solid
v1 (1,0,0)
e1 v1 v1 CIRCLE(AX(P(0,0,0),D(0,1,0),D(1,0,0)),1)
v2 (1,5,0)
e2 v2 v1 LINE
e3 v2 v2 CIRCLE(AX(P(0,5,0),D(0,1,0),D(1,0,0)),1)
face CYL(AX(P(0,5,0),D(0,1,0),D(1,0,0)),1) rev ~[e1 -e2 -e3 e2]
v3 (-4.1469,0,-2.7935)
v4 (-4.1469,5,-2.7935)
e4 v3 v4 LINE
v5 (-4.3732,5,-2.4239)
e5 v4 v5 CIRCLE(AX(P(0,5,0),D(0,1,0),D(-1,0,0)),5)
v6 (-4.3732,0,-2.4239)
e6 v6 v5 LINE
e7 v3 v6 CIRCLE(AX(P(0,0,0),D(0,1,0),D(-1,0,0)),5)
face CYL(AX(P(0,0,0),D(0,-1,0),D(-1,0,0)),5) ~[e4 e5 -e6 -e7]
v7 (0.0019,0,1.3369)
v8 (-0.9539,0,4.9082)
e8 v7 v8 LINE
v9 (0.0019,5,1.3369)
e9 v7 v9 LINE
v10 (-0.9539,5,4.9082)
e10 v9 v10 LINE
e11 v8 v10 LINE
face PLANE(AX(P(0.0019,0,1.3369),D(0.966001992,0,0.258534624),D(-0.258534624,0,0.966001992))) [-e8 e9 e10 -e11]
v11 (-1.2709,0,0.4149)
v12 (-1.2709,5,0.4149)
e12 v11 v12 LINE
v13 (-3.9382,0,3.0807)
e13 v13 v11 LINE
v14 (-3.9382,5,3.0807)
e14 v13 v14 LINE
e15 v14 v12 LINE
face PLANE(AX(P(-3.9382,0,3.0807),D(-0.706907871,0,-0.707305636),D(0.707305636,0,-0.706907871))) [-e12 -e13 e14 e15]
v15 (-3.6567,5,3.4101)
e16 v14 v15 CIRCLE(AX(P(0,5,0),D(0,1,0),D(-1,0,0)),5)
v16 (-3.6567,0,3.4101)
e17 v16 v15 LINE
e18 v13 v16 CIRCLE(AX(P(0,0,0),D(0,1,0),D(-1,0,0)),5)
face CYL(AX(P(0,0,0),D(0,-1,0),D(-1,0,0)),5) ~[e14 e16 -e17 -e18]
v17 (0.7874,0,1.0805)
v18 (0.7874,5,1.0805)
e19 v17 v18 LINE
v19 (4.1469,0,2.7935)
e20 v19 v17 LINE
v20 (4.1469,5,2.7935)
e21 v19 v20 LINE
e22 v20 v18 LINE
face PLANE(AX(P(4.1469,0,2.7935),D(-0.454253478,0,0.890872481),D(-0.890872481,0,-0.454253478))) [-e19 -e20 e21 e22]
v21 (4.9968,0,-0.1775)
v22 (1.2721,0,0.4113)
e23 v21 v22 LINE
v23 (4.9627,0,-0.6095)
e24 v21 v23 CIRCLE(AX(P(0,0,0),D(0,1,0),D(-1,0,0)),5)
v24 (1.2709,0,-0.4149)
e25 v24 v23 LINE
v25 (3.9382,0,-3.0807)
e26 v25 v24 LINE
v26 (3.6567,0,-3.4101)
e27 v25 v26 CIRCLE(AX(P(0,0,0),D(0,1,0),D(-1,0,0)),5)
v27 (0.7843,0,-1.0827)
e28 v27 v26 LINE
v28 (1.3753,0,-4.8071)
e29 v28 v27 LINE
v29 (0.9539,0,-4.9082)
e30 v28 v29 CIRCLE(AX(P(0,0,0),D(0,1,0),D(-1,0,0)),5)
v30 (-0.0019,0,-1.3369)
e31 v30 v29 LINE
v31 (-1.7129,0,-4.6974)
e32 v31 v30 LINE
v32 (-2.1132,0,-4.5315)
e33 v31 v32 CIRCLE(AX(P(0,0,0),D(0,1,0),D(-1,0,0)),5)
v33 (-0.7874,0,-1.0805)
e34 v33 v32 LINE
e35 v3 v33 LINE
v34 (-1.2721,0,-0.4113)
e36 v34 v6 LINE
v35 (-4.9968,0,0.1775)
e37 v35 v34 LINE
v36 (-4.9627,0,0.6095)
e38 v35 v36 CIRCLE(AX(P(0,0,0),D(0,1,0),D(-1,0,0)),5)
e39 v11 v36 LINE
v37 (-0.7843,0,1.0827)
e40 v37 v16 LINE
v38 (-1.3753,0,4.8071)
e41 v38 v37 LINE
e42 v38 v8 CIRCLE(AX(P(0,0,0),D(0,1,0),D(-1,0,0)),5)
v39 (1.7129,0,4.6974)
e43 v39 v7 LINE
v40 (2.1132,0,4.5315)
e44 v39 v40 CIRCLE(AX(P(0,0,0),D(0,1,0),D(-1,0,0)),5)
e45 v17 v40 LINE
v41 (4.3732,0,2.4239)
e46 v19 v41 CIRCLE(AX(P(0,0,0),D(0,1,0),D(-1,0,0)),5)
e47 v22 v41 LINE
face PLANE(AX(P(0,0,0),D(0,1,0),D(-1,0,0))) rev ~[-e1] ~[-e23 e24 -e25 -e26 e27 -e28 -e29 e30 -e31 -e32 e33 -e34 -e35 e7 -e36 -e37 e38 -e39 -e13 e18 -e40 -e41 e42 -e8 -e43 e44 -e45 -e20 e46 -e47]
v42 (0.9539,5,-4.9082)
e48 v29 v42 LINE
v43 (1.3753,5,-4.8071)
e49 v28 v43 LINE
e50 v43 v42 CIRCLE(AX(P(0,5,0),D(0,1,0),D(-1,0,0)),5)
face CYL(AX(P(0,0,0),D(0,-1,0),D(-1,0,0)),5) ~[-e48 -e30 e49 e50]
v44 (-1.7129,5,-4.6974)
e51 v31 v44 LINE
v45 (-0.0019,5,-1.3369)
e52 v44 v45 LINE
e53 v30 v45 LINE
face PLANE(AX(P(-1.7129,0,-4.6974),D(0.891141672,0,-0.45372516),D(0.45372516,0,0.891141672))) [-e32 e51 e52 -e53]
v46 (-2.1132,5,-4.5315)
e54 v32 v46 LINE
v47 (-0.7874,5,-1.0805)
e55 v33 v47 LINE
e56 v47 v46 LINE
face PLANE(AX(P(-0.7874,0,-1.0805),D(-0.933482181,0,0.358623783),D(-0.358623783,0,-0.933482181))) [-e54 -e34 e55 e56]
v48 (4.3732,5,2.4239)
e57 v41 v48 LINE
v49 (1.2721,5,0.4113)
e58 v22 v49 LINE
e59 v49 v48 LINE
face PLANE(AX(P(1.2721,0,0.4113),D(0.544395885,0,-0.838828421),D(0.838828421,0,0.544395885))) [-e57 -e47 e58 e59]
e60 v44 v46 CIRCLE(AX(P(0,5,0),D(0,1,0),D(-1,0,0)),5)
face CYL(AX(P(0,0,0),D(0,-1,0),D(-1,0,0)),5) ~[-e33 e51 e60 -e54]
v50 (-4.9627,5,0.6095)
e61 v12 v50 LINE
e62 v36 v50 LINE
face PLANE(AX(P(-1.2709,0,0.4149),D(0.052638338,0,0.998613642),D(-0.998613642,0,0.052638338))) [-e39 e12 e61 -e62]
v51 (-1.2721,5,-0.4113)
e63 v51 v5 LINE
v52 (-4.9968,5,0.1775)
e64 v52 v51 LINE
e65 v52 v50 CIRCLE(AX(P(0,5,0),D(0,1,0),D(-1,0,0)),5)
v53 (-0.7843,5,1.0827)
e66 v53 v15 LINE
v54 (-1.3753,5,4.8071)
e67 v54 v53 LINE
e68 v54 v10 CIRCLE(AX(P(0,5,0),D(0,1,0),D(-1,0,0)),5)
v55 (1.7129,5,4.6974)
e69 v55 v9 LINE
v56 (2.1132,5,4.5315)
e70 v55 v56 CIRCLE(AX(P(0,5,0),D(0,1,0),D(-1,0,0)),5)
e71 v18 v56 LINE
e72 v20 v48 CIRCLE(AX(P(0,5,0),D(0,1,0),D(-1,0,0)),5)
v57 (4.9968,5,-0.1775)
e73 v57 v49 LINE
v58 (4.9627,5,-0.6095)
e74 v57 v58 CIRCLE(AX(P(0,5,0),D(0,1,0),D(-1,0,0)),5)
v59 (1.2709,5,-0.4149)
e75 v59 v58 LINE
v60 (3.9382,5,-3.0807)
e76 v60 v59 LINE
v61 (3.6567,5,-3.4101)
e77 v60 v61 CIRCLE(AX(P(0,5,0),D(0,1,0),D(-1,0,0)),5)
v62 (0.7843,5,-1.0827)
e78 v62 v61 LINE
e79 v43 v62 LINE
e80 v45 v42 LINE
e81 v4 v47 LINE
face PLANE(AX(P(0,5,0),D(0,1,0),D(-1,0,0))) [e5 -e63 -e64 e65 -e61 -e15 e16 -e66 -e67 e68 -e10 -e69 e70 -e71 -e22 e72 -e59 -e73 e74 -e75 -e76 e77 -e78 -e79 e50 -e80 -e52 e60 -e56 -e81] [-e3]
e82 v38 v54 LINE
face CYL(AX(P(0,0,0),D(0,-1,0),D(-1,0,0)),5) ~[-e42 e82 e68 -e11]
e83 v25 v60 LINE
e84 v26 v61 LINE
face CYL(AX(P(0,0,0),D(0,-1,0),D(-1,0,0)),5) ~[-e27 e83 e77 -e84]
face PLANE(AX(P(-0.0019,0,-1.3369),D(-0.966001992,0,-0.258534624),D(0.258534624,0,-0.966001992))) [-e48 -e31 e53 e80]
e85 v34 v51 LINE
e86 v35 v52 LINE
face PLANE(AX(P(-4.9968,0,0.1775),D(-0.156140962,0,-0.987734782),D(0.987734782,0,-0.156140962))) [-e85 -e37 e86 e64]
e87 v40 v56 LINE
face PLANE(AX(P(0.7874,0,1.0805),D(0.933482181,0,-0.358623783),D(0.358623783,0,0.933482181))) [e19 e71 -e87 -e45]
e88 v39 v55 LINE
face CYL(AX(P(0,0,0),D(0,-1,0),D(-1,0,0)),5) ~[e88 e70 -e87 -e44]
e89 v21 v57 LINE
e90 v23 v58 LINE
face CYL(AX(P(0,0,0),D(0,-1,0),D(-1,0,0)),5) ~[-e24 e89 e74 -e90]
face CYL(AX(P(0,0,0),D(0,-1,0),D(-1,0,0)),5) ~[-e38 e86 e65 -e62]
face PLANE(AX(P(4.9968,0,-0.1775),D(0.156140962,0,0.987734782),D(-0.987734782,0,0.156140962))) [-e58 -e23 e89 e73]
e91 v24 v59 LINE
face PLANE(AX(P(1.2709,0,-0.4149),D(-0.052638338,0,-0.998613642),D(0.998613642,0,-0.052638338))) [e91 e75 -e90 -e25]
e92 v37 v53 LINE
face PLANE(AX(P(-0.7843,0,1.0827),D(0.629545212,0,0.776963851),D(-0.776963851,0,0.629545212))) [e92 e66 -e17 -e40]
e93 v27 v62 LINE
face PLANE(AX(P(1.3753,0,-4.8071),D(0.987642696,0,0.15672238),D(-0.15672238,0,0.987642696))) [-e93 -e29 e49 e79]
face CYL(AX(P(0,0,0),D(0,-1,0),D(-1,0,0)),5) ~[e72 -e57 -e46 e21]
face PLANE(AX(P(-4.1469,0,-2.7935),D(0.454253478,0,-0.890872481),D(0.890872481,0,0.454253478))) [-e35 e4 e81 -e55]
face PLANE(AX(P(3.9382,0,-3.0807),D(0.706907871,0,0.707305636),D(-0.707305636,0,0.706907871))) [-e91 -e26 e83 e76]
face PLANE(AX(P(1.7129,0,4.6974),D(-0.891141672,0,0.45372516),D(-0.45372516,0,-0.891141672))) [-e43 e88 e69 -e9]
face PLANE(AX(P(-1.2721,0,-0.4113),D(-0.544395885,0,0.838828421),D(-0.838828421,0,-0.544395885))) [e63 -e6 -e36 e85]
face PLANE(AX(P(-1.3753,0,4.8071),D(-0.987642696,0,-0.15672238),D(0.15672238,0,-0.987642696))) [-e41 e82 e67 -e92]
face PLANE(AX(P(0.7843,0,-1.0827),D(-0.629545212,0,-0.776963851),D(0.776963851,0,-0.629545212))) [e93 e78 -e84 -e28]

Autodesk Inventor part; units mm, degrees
ref_plane "YZ Plane" through (0, 0, 0) normal (1, 0, 0) x (0, 1, 0)
ref_plane "XZ Plane" through (0, 0, 0) normal (0, 1, 0) x (-1, 0, 0)
ref_plane "XY Plane" through (0, 0, 0) normal (0, 0, 1) x (1, 0, 0)
sketch "Sketch1" plane through (0, 0, 0) normal (0, 1, 0) x (-1, 0, 0)
  circle A0 centre (0, 0) radius 5
  line L0 (1.7129, -4.6974) -> (0.0019, -1.3369)
  line L1 (0.0019, -1.3369) -> (-0.9539, -4.9082)
  line L2 (4.1469, -2.7935) -> (0.7874, -1.0805)
  line L3 (0.7874, -1.0805) -> (2.1132, -4.5315)
  line L4 (4.9968, 0.1775) -> (1.2721, -0.4113)
  line L5 (1.2721, -0.4113) -> (4.3732, -2.4239)
  line L6 (3.9382, 3.0807) -> (1.2709, 0.4149)
  line L7 (1.2709, 0.4149) -> (4.9627, 0.6095)
  line L8 (1.3753, 4.8071) -> (0.7843, 1.0827)
  line L9 (0.7843, 1.0827) -> (3.6567, 3.4101)
  line L10 (-1.7129, 4.6974) -> (-0.0019, 1.3369)
  line L11 (-0.0019, 1.3369) -> (0.9539, 4.9082)
  line L12 (-4.1469, 2.7935) -> (-0.7874, 1.0805)
  line L13 (-0.7874, 1.0805) -> (-2.1132, 4.5315)
  line L14 (-4.9968, -0.1775) -> (-1.2721, 0.4113)
  line L15 (-1.2721, 0.4113) -> (-4.3732, 2.4239)
  line L16 (-3.9382, -3.0807) -> (-1.2709, -0.4149)
  line L17 (-1.2709, -0.4149) -> (-4.9627, -0.6095)
  line L18 (-1.3753, -4.8071) -> (-0.7843, -1.0827)
  line L19 (-0.7843, -1.0827) -> (-3.6567, -3.4101)
  dimension "d0" = 10
  dimension "d3" = 360
extrude "Extrusion1" add sketch "Sketch1" along normal blind 5 contours L4 L5 A0 L2 L3 L0 L1 L18 L19 L16 L17 L14 L15 L12 L13 L10 L11 L8 L9 L6 L7
sketch "Sketch2" plane through (0, 5, 0) normal (0, 1, 0) x (1, 0, 0)
  circle A0 centre (0, 0) radius 1
  dimension "d7" = 2
extrude "Extrusion2" cut sketch "Sketch2" against normal blind 5
properties part number "10ToothGear"
